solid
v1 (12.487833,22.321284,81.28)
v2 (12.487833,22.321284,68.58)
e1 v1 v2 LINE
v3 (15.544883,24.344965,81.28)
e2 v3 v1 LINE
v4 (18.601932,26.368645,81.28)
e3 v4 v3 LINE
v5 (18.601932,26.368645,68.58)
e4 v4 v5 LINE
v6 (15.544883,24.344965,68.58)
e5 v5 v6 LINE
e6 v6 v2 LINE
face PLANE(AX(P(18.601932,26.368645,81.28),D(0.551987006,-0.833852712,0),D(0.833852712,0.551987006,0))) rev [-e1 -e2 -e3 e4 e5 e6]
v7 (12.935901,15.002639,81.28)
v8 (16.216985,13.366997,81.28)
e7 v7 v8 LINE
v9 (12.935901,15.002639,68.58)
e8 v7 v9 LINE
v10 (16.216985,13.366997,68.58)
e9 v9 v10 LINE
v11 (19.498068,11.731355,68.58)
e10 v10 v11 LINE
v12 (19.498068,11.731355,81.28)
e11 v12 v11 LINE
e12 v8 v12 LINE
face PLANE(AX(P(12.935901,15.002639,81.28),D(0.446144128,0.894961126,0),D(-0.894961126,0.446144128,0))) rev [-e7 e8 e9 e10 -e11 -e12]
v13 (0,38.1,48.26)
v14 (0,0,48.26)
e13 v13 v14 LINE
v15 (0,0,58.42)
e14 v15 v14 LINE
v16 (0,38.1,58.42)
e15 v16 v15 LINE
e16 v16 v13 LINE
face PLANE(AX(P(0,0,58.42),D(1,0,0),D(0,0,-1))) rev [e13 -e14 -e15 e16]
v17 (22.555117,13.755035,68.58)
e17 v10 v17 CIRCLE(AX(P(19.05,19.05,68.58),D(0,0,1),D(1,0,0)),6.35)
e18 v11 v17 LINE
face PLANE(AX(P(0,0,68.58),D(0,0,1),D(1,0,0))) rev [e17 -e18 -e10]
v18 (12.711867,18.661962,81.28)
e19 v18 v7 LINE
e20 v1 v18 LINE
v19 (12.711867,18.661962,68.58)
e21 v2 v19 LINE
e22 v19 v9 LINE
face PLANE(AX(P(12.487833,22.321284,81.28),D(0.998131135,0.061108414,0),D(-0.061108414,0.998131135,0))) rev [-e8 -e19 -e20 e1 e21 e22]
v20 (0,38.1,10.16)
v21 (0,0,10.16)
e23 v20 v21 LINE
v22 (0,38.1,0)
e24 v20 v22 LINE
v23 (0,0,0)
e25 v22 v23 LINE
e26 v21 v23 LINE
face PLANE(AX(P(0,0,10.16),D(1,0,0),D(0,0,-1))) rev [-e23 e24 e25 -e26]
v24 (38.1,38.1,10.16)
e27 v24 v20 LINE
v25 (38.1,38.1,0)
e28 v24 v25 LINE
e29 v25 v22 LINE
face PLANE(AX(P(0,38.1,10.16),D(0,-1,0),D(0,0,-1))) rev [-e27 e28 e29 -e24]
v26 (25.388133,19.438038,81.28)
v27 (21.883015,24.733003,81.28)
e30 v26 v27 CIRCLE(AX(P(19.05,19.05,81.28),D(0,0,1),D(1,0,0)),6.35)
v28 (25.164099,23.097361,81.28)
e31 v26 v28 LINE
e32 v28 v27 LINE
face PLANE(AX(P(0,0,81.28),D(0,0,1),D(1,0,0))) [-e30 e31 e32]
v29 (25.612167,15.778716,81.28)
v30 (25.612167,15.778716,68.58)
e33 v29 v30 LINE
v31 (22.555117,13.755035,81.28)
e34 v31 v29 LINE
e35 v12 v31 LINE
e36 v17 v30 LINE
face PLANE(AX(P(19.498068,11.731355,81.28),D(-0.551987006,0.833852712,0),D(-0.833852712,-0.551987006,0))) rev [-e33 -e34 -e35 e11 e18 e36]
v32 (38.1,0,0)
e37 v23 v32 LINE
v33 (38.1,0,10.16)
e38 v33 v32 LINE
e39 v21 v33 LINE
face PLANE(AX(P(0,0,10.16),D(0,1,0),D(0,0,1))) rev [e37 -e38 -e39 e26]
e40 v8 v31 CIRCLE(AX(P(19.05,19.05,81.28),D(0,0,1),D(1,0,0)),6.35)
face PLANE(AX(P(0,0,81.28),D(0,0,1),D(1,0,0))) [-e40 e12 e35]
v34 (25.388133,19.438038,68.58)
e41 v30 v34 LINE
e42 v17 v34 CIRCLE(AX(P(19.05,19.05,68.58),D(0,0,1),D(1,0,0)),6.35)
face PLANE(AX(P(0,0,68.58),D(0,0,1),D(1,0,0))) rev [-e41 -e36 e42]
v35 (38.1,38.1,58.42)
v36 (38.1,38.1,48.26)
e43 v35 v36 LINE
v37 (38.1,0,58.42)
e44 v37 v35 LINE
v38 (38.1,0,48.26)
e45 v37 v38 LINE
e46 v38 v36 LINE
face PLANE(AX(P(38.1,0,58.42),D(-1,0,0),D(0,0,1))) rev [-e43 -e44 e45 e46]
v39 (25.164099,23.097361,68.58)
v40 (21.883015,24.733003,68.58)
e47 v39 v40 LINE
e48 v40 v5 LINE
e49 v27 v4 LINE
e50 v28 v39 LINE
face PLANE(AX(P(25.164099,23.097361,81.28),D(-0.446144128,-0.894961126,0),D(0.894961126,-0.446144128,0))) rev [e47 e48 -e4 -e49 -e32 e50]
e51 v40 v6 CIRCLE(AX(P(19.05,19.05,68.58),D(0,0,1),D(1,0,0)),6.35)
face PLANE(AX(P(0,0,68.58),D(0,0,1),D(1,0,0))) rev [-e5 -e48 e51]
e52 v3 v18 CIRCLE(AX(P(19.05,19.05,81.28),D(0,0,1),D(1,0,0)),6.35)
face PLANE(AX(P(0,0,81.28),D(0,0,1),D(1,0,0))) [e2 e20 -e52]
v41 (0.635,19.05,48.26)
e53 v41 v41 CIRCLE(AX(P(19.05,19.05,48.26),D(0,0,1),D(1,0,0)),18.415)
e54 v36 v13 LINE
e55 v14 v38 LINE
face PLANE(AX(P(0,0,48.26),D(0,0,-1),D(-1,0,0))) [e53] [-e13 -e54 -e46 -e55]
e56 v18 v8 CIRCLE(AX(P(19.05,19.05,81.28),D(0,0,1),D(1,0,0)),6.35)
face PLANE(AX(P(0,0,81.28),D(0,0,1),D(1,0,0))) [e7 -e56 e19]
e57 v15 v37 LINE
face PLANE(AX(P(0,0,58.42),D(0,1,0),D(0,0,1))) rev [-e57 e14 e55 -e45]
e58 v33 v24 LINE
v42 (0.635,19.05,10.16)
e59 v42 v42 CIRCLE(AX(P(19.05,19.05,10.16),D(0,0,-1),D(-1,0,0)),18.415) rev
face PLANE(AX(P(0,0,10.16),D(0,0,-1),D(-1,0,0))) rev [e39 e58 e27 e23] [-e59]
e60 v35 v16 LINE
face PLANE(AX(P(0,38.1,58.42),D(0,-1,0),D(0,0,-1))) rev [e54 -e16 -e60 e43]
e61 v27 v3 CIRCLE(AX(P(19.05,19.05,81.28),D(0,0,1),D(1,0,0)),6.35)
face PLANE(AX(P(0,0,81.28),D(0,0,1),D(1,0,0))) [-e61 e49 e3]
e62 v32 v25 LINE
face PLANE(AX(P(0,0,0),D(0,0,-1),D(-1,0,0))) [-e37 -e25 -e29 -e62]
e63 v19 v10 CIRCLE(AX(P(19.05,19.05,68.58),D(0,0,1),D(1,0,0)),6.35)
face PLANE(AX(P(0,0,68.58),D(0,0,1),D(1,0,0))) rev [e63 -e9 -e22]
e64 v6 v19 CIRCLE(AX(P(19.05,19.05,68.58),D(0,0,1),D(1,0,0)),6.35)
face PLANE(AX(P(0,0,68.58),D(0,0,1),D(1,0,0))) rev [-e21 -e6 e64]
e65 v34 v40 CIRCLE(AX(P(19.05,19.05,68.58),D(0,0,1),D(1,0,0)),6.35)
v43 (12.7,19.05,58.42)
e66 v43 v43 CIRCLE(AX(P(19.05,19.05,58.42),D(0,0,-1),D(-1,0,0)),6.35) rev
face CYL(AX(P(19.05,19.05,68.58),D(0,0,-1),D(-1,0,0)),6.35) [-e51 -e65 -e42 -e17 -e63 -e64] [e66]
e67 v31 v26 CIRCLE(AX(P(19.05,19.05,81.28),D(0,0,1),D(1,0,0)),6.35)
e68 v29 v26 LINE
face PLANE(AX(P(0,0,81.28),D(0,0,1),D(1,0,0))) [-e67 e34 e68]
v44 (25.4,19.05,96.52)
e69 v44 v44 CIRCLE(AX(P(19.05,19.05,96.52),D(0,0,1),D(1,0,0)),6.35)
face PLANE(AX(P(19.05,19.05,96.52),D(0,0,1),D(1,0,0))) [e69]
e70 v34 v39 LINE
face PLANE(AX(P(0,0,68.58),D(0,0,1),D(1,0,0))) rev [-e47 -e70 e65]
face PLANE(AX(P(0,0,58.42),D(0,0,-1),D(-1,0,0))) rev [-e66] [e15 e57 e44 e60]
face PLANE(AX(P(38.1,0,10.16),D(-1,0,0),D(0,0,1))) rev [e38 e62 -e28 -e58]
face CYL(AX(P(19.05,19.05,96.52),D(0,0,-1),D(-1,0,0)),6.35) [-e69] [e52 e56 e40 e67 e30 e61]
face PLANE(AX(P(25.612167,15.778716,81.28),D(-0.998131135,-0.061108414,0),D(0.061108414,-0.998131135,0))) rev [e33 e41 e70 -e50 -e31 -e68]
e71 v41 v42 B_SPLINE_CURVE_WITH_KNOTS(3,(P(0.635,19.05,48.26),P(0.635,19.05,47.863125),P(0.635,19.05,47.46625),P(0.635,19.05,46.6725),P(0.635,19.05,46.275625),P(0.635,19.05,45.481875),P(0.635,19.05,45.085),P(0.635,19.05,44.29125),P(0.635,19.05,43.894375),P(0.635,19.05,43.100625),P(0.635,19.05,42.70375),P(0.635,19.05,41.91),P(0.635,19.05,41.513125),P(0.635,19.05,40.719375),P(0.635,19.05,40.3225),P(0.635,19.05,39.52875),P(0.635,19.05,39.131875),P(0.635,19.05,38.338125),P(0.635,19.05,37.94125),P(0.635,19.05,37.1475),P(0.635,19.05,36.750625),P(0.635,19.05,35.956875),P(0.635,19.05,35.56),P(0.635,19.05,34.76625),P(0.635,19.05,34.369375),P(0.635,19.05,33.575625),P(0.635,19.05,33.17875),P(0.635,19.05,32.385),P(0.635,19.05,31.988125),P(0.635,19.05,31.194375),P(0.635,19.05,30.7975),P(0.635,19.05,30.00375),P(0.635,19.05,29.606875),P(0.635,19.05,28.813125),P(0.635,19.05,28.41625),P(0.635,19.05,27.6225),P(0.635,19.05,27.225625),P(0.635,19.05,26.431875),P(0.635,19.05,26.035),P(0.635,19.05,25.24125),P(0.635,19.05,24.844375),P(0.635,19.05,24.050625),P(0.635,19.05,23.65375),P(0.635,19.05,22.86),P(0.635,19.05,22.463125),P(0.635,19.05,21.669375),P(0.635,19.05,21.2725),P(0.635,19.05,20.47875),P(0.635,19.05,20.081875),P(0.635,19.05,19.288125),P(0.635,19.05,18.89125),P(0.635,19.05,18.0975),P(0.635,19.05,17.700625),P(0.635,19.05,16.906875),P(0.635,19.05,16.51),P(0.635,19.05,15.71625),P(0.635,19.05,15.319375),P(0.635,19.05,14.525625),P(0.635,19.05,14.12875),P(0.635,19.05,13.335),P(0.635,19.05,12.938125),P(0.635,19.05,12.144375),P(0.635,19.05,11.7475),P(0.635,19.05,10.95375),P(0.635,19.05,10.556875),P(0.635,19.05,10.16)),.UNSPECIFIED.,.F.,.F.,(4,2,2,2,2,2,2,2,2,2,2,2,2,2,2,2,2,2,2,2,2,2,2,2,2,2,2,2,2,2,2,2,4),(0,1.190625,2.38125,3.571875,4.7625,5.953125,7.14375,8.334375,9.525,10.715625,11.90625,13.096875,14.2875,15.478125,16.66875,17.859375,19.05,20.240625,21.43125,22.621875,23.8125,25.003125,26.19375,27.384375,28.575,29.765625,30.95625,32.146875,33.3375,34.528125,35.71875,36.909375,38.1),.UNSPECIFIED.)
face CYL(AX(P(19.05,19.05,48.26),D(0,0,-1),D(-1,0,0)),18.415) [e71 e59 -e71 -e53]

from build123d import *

# Parameters (mm, degrees)
SKETCH1_W           = 38.1
SKETCH1_H           = 38.1
BOSS_EXTRUDE1_DEPTH = 10.16
SKETCH2_R           = 18.415
BOSS_EXTRUDE2_DEPTH = 38.1
SKETCH3_W           = 38.1
SKETCH3_H           = 38.1
BOSS_EXTRUDE3_DEPTH = 10.16
SKETCH4_R           = 6.35
BOSS_EXTRUDE4_DEPTH = 10.16
BOSS_EXTRUDE5_DEPTH = 12.7
SKETCH6_R           = 6.35
BOSS_EXTRUDE6_DEPTH = 15.24


with BuildPart() as part:
    # Sketch1 → Boss-Extrude1 (new body)
    with BuildSketch(Plane.XY):
        with Locations((19.05, 19.05)):
            Rectangle(SKETCH1_W, SKETCH1_H)
    extrude(amount=BOSS_EXTRUDE1_DEPTH)

    # Sketch2 → Boss-Extrude2 (add)
    with BuildSketch(Plane.XY.offset(10.16)):
        with Locations(Location((19.05, 19.05, 0), (0, 0, 180))):
            Circle(SKETCH2_R)
    extrude(amount=BOSS_EXTRUDE2_DEPTH)

    # Sketch3 → Boss-Extrude3 (add)
    with BuildSketch(Plane.XY.offset(48.26)):
        with Locations((19.05, 19.05)):
            Rectangle(SKETCH3_W, SKETCH3_H)
    extrude(amount=BOSS_EXTRUDE3_DEPTH)

    # Sketch4 → Boss-Extrude4 (add)
    with BuildSketch(Plane.XY.offset(58.42)):
        with Locations(Location((19.05, 19.05, 0), (0, 0, 180))):
            Circle(SKETCH4_R)
    extrude(amount=BOSS_EXTRUDE4_DEPTH)

    # Sketch5 → Boss-Extrude5 (add)
    with BuildSketch(Plane.XY.offset(68.58)):
        Polygon((25.164098612, 23.097361053), (18.601931816, 26.368645246), (12.487833204, 22.321284193), (12.935901388, 15.002638947), (19.498068184, 11.731354754), (25.612166796, 15.778715807), align=None)
    extrude(amount=BOSS_EXTRUDE5_DEPTH)

    # Sketch6 → Boss-Extrude6 (add)
    with BuildSketch(Plane.XY.offset(81.28)):
        with Locations(Location((19.05, 19.05, 0), (0, 0, 180))):
            Circle(SKETCH6_R)
    extrude(amount=BOSS_EXTRUDE6_DEPTH)


solid = part.part
